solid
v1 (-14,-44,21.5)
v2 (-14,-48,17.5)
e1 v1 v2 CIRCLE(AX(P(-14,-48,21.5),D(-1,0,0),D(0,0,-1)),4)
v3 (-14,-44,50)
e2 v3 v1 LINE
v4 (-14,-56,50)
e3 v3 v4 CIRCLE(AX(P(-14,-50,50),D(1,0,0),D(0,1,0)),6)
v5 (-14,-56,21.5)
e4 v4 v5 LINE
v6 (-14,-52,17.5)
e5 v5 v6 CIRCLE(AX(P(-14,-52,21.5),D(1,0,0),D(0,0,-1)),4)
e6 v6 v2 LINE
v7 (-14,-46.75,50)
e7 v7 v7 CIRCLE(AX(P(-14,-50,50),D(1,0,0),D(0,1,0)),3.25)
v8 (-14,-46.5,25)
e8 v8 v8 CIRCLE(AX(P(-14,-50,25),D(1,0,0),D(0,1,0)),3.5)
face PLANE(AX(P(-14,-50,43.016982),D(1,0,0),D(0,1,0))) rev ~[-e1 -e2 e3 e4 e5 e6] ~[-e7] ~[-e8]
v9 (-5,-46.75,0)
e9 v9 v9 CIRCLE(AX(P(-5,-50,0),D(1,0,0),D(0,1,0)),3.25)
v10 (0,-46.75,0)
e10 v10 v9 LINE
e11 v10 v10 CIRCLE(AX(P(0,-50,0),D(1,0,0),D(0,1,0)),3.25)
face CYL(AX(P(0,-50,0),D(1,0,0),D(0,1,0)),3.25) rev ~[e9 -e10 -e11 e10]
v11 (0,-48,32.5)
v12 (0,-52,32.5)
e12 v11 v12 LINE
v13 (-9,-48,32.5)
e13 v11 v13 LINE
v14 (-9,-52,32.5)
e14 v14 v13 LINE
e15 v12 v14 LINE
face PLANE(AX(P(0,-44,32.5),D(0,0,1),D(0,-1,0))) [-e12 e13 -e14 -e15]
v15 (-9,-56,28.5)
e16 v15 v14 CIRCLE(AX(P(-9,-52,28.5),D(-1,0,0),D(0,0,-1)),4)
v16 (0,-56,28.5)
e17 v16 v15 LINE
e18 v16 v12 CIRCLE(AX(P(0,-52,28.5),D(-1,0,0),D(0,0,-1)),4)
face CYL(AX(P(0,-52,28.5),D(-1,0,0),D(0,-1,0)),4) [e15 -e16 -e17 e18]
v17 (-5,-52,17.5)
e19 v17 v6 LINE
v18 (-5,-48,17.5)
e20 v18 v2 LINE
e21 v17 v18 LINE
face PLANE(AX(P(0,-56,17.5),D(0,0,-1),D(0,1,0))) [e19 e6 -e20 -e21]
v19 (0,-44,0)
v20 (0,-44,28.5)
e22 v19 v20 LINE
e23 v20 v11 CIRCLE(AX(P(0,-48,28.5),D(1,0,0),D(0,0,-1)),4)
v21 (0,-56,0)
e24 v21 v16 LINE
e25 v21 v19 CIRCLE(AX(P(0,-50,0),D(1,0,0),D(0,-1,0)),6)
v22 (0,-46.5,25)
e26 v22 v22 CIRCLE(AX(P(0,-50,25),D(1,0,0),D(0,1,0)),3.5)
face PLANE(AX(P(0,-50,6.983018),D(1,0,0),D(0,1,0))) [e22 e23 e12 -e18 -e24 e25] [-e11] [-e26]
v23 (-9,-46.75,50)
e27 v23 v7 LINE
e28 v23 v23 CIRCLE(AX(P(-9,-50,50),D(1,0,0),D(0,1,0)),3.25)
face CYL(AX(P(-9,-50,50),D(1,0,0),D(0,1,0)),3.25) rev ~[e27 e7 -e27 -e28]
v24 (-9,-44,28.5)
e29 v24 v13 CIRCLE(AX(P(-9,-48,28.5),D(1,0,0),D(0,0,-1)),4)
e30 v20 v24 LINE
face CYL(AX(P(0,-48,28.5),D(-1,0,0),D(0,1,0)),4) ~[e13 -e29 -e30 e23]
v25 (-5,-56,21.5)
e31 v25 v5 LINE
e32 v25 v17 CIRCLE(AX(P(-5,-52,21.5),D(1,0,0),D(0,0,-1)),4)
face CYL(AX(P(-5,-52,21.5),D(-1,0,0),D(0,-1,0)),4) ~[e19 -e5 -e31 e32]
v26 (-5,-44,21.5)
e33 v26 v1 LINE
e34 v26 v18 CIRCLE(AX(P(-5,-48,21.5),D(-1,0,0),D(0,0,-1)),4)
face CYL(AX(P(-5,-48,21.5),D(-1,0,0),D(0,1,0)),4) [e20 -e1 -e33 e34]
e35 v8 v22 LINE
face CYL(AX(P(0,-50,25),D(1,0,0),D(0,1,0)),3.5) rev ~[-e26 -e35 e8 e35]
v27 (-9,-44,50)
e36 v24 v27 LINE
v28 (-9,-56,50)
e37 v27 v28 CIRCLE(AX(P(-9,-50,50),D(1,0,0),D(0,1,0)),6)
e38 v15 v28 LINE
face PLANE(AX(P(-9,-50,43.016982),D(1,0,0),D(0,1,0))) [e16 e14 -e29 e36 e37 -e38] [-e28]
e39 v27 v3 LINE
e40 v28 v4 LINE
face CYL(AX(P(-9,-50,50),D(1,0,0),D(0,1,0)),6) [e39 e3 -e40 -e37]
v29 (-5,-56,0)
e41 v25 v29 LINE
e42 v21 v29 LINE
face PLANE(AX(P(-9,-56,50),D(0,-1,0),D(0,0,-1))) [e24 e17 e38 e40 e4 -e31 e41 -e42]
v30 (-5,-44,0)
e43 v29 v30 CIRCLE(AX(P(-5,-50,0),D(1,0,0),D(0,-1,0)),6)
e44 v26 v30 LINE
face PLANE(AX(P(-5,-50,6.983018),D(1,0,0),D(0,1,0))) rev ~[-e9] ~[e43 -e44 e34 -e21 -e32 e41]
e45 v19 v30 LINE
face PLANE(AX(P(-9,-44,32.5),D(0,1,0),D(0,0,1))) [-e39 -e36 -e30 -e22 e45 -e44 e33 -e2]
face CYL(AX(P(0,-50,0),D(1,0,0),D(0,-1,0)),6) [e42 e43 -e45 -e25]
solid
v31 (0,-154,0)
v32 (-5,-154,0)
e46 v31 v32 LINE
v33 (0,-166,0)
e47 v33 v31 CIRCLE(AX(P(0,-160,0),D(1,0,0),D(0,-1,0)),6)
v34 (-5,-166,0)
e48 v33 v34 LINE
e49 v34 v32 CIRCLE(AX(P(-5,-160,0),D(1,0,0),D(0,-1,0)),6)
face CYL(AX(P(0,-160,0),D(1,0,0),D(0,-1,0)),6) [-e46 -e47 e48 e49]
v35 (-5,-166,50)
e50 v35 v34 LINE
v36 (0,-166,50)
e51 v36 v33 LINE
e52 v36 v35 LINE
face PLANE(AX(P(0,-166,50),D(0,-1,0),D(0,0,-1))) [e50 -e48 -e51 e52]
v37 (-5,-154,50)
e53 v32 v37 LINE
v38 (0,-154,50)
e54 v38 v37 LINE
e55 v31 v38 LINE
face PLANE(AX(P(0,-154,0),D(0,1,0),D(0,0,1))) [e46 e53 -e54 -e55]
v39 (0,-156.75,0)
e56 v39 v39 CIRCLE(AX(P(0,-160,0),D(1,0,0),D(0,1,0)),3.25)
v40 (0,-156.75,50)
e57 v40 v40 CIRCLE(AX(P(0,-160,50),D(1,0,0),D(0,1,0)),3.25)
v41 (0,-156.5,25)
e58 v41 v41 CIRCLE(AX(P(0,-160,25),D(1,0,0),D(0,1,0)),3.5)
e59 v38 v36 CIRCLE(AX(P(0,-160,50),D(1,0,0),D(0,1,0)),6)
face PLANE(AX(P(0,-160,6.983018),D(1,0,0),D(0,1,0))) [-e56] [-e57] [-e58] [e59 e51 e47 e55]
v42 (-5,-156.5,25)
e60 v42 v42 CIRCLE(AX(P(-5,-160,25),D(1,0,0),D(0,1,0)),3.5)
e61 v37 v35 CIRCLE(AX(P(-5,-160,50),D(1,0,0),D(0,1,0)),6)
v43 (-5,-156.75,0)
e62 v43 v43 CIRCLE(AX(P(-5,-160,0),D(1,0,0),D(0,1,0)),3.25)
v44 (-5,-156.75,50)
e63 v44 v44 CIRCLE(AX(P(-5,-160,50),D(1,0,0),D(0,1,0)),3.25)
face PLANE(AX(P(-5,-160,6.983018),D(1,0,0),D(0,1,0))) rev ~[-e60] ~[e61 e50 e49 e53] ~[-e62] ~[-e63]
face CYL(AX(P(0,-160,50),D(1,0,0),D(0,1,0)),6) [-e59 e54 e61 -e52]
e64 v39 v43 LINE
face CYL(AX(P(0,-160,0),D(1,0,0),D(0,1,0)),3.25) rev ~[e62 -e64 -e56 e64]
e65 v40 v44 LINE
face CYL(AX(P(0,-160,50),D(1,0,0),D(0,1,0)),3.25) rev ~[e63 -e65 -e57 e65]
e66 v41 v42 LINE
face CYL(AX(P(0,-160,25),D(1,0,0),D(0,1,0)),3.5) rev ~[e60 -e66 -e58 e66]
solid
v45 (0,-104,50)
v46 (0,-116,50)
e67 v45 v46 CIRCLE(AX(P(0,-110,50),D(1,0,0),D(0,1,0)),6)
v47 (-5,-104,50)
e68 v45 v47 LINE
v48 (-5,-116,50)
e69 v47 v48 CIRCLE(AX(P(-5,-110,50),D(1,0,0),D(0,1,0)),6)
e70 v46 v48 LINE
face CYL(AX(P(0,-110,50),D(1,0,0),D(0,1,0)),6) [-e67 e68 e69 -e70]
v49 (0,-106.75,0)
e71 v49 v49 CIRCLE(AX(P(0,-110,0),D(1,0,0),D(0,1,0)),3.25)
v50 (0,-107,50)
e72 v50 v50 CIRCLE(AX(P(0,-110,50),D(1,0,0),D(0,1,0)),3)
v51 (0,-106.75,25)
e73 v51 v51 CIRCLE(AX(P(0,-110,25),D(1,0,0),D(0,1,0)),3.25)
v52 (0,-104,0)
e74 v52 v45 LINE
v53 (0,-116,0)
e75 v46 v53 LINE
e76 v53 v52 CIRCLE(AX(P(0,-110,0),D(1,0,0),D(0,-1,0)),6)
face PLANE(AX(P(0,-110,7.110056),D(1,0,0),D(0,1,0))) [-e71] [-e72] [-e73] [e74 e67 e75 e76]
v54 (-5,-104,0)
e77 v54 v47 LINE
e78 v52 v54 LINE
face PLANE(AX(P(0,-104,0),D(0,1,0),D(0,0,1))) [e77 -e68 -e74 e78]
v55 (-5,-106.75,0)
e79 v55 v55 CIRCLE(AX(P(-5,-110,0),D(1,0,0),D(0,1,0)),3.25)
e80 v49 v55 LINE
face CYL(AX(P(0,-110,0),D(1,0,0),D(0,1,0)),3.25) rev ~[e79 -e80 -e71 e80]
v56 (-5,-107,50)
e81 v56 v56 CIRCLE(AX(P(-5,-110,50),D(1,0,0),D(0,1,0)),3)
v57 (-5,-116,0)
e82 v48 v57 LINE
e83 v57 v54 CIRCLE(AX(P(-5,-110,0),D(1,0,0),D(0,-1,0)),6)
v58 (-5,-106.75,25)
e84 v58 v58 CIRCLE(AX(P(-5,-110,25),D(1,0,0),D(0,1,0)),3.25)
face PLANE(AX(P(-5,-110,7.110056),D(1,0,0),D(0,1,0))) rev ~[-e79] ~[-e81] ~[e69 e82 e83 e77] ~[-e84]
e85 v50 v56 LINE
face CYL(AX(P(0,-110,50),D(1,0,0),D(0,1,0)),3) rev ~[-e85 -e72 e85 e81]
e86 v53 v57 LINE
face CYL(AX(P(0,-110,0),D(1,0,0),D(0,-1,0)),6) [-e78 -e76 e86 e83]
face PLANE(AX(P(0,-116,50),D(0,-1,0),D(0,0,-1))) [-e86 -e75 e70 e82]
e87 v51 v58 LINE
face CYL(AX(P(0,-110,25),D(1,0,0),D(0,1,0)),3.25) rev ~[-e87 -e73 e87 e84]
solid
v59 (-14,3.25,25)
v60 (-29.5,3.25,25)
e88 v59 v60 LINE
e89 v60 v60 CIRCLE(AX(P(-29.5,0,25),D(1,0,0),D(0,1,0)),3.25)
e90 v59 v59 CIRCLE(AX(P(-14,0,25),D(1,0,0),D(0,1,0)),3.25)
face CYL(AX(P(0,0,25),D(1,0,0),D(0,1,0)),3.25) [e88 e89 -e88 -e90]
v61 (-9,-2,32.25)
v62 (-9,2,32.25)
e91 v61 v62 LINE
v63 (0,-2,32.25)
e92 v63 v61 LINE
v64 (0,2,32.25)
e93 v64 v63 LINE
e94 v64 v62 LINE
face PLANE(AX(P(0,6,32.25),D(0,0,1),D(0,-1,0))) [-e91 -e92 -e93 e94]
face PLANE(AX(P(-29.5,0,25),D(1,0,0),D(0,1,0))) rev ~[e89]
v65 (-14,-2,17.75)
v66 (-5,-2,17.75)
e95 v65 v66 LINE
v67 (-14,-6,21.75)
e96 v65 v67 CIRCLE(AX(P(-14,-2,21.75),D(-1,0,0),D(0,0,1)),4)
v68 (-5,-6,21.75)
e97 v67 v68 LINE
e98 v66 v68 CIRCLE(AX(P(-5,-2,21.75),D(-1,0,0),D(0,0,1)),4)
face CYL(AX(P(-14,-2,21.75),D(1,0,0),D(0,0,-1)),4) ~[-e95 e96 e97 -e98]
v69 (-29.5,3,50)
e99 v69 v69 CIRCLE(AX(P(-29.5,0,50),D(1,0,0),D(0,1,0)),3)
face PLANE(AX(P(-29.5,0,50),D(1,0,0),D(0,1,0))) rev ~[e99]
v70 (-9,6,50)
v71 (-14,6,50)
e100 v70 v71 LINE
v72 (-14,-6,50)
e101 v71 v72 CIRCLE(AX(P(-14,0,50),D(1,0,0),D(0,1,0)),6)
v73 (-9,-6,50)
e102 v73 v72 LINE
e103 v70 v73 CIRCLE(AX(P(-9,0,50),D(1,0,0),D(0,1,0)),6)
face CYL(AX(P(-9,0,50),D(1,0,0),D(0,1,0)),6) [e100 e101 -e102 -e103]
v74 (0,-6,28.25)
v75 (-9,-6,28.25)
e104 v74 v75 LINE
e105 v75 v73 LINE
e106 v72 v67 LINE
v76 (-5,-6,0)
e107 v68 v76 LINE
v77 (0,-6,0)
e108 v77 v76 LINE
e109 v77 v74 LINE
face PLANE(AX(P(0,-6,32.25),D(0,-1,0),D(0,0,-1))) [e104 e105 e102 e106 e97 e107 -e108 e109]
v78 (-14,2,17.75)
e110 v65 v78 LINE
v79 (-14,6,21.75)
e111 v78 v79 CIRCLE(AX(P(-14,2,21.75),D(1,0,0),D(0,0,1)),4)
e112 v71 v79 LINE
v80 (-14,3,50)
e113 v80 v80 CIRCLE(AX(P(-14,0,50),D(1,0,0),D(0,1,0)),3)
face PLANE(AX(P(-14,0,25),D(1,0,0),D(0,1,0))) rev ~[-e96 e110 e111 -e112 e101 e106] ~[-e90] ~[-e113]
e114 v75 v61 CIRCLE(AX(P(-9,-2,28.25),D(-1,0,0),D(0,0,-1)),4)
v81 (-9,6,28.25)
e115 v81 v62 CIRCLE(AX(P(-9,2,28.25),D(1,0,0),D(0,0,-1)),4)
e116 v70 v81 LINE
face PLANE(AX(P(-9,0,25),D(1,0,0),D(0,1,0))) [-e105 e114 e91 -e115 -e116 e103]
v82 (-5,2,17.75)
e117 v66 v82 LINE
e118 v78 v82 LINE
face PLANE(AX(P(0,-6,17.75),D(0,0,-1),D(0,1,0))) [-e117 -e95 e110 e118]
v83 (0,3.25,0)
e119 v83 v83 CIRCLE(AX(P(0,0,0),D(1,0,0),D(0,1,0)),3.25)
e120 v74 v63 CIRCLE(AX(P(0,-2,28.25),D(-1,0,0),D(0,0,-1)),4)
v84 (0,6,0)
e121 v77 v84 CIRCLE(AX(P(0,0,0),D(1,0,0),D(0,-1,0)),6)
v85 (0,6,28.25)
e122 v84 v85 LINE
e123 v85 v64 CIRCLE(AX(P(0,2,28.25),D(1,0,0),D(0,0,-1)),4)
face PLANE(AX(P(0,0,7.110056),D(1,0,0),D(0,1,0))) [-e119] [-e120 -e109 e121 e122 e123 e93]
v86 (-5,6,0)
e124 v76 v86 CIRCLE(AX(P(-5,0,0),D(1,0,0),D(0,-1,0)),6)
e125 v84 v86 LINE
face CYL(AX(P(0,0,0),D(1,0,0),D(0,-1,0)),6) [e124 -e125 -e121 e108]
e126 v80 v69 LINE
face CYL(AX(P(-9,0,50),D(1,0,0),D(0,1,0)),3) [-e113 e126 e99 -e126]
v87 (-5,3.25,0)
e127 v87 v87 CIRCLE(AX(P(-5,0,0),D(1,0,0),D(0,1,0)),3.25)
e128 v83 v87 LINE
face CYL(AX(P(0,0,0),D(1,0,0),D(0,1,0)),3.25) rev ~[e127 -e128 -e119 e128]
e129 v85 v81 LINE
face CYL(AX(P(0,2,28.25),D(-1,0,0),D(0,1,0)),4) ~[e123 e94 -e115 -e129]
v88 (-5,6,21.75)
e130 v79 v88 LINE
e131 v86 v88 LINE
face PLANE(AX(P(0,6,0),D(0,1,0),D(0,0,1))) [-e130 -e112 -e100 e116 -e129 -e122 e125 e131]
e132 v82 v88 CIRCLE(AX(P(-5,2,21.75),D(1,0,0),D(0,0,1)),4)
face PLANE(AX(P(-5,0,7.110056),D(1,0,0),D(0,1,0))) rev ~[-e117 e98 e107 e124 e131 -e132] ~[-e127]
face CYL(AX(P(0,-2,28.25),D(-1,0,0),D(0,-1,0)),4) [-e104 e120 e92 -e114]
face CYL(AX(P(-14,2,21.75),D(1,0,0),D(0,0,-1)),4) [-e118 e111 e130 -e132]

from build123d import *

# Parameters (mm, degrees)
F0_R     = 3.25
F1_DEPTH = 5
F0_R_2   = 3.5
F0_R_3   = 3
F2_DEPTH = 14
F3_START = -9
F3_DEPTH = 5
F4_DEPTH = 29.5
F5_START = -9
F5_DEPTH = 20.5
F6_R     = 4
F6_2_R   = 4


with BuildPart() as f1:
    # F0 (on Right) → F1 (new body)
    with BuildSketch(Plane.YZ):
        with BuildLine():
            Line((-6, 17.75), (-6, 0))
            ThreePointArc((-6, 0), (0, -6), (6, 0))
            Line((6, 0), (6, 17.75))
            Line((6, 17.75), (-6, 17.75))
        make_face()
        Circle(F0_R, mode=Mode.SUBTRACT)
        Polygon((-6, 25), (-6, 17.75), (6, 17.75), (6, 25), (6, 32.25), (-6, 32.25), align=None)
        with Locations((0, 25)):
            Circle(F0_R, mode=Mode.SUBTRACT)
    extrude(amount=-F1_DEPTH)

    # F0 (on Right) → F2 (join)
    with BuildSketch(Plane.YZ):
        Polygon((-6, 25), (-6, 17.75), (6, 17.75), (6, 25), (6, 32.25), (-6, 32.25), align=None)
        with Locations((0, 25)):
            Circle(F0_R, mode=Mode.SUBTRACT)
    extrude(amount=-F2_DEPTH)

    # F0 (on Right) → F3 (join)
    with BuildSketch(Plane.YZ.offset(F3_START)):
        Polygon((-6, 25), (-6, 17.75), (6, 17.75), (6, 25), (6, 32.25), (-6, 32.25), align=None)
        with Locations((0, 25)):
            Circle(F0_R, mode=Mode.SUBTRACT)
        with BuildLine():
            Line((-6, 50), (-6, 32.25))
            Line((-6, 32.25), (6, 32.25))
            Line((6, 32.25), (6, 50))
            ThreePointArc((6, 50), (0, 56), (-6, 50))
        make_face()
        with Locations((0, 50)):
            Circle(F0_R_3, mode=Mode.SUBTRACT)
    extrude(amount=-F3_DEPTH)

    # F0 (on Right) → F4 (join)
    with BuildSketch(Plane.YZ):
        with Locations((0, 25)):
            Circle(F0_R)
    extrude(amount=-F4_DEPTH)

    # F0 (on Right) → F5 (join)
    with BuildSketch(Plane.YZ.offset(F5_START)):
        with Locations((0, 50)):
            Circle(F0_R_3)
    extrude(amount=-F5_DEPTH)

    # F6
    f6_edges = [f1.edges().sort_by_distance(p)[0] for p in [
        (-4.5, 6, 32.25),
        (-4.5, -6, 32.25),
        (-9.5, -6, 17.75),
        (-9.5, 6, 17.75),
    ]]
    fillet(f6_edges, radius=F6_R)


with BuildPart() as f1b:
    # F0 (on Right) → F1, piece 2 (new body)
    with BuildSketch(Plane.YZ):
        with BuildLine():
            Line((-56, 17.5), (-56, 0))
            ThreePointArc((-56, 0), (-50, -6), (-44, 0))
            Line((-44, 0), (-44, 17.5))
            Line((-44, 17.5), (-56, 17.5))
        make_face()
        with Locations((-50, 0)):
            Circle(F0_R, mode=Mode.SUBTRACT)
        Polygon((-56, 25), (-56, 17.5), (-44, 17.5), (-44, 25), (-44, 32.5), (-56, 32.5), align=None)
        with Locations((-50, 25)):
            Circle(F0_R_2, mode=Mode.SUBTRACT)
    extrude(amount=-F1_DEPTH)

    # F0 (on Right) → F2, piece 2 (join)
    with BuildSketch(Plane.YZ):
        Polygon((-56, 25), (-56, 17.5), (-44, 17.5), (-44, 25), (-44, 32.5), (-56, 32.5), align=None)
        with Locations((-50, 25)):
            Circle(F0_R_2, mode=Mode.SUBTRACT)
    extrude(amount=-F2_DEPTH)

    # F0 (on Right) → F3, piece 2 (join)
    with BuildSketch(Plane.YZ.offset(F3_START)):
        with BuildLine():
            Line((-56, 50), (-56, 32.5))
            Line((-56, 32.5), (-44, 32.5))
            Line((-44, 32.5), (-44, 50))
            ThreePointArc((-44, 50), (-50, 56), (-56, 50))
        make_face()
        with Locations((-50, 50)):
            Circle(F0_R, mode=Mode.SUBTRACT)
    extrude(amount=-F3_DEPTH)

    # F6#2
    f6_2_edges = [f1b.edges().sort_by_distance(p)[0] for p in [
        (-4.5, -56, 32.5),
        (-4.5, -44, 32.5),
        (-9.5, -56, 17.5),
        (-9.5, -44, 17.5),
    ]]
    fillet(f6_2_edges, radius=F6_2_R)


with BuildPart() as f1c:
    # F0 (on Right) → F1, piece 3 (new body)
    with BuildSketch(Plane.YZ):
        with BuildLine():
            Line((-116, 17.75), (-116, 0))
            ThreePointArc((-116, 0), (-110, -6), (-104, 0))
            Line((-104, 0), (-104, 17.75))
            Line((-104, 17.75), (-116, 17.75))
        make_face()
        with Locations((-110, 0)):
            Circle(F0_R, mode=Mode.SUBTRACT)
        Polygon((-116, 25), (-116, 17.75), (-104, 17.75), (-104, 25), (-104, 32.25), (-116, 32.25), align=None)
        with Locations((-110, 25)):
            Circle(F0_R, mode=Mode.SUBTRACT)
        with BuildLine():
            Line((-116, 50), (-116, 32.25))
            Line((-116, 32.25), (-104, 32.25))
            Line((-104, 32.25), (-104, 50))
            ThreePointArc((-104, 50), (-110, 56), (-116, 50))
        make_face()
        with Locations((-110, 50)):
            Circle(F0_R_3, mode=Mode.SUBTRACT)
    extrude(amount=-F1_DEPTH)


with BuildPart() as f1d:
    # F0 (on Right) → F1, piece 4 (new body)
    with BuildSketch(Plane.YZ):
        with BuildLine():
            Line((-166, 17.5), (-166, 0))
            ThreePointArc((-166, 0), (-160, -6), (-154, 0))
            Line((-154, 0), (-154, 17.5))
            Line((-154, 17.5), (-166, 17.5))
        make_face()
        with Locations((-160, 0)):
            Circle(F0_R, mode=Mode.SUBTRACT)
        Polygon((-166, 25), (-166, 17.5), (-154, 17.5), (-154, 25), (-154, 32.5), (-166, 32.5), align=None)
        with Locations((-160, 25)):
            Circle(F0_R_2, mode=Mode.SUBTRACT)
        with BuildLine():
            Line((-166, 50), (-166, 32.5))
            Line((-166, 32.5), (-154, 32.5))
            Line((-154, 32.5), (-154, 50))
            ThreePointArc((-154, 50), (-160, 56), (-166, 50))
        make_face()
        with Locations((-160, 50)):
            Circle(F0_R, mode=Mode.SUBTRACT)
    extrude(amount=-F1_DEPTH)


solid = Compound([f1.part, f1b.part, f1c.part, f1d.part])
